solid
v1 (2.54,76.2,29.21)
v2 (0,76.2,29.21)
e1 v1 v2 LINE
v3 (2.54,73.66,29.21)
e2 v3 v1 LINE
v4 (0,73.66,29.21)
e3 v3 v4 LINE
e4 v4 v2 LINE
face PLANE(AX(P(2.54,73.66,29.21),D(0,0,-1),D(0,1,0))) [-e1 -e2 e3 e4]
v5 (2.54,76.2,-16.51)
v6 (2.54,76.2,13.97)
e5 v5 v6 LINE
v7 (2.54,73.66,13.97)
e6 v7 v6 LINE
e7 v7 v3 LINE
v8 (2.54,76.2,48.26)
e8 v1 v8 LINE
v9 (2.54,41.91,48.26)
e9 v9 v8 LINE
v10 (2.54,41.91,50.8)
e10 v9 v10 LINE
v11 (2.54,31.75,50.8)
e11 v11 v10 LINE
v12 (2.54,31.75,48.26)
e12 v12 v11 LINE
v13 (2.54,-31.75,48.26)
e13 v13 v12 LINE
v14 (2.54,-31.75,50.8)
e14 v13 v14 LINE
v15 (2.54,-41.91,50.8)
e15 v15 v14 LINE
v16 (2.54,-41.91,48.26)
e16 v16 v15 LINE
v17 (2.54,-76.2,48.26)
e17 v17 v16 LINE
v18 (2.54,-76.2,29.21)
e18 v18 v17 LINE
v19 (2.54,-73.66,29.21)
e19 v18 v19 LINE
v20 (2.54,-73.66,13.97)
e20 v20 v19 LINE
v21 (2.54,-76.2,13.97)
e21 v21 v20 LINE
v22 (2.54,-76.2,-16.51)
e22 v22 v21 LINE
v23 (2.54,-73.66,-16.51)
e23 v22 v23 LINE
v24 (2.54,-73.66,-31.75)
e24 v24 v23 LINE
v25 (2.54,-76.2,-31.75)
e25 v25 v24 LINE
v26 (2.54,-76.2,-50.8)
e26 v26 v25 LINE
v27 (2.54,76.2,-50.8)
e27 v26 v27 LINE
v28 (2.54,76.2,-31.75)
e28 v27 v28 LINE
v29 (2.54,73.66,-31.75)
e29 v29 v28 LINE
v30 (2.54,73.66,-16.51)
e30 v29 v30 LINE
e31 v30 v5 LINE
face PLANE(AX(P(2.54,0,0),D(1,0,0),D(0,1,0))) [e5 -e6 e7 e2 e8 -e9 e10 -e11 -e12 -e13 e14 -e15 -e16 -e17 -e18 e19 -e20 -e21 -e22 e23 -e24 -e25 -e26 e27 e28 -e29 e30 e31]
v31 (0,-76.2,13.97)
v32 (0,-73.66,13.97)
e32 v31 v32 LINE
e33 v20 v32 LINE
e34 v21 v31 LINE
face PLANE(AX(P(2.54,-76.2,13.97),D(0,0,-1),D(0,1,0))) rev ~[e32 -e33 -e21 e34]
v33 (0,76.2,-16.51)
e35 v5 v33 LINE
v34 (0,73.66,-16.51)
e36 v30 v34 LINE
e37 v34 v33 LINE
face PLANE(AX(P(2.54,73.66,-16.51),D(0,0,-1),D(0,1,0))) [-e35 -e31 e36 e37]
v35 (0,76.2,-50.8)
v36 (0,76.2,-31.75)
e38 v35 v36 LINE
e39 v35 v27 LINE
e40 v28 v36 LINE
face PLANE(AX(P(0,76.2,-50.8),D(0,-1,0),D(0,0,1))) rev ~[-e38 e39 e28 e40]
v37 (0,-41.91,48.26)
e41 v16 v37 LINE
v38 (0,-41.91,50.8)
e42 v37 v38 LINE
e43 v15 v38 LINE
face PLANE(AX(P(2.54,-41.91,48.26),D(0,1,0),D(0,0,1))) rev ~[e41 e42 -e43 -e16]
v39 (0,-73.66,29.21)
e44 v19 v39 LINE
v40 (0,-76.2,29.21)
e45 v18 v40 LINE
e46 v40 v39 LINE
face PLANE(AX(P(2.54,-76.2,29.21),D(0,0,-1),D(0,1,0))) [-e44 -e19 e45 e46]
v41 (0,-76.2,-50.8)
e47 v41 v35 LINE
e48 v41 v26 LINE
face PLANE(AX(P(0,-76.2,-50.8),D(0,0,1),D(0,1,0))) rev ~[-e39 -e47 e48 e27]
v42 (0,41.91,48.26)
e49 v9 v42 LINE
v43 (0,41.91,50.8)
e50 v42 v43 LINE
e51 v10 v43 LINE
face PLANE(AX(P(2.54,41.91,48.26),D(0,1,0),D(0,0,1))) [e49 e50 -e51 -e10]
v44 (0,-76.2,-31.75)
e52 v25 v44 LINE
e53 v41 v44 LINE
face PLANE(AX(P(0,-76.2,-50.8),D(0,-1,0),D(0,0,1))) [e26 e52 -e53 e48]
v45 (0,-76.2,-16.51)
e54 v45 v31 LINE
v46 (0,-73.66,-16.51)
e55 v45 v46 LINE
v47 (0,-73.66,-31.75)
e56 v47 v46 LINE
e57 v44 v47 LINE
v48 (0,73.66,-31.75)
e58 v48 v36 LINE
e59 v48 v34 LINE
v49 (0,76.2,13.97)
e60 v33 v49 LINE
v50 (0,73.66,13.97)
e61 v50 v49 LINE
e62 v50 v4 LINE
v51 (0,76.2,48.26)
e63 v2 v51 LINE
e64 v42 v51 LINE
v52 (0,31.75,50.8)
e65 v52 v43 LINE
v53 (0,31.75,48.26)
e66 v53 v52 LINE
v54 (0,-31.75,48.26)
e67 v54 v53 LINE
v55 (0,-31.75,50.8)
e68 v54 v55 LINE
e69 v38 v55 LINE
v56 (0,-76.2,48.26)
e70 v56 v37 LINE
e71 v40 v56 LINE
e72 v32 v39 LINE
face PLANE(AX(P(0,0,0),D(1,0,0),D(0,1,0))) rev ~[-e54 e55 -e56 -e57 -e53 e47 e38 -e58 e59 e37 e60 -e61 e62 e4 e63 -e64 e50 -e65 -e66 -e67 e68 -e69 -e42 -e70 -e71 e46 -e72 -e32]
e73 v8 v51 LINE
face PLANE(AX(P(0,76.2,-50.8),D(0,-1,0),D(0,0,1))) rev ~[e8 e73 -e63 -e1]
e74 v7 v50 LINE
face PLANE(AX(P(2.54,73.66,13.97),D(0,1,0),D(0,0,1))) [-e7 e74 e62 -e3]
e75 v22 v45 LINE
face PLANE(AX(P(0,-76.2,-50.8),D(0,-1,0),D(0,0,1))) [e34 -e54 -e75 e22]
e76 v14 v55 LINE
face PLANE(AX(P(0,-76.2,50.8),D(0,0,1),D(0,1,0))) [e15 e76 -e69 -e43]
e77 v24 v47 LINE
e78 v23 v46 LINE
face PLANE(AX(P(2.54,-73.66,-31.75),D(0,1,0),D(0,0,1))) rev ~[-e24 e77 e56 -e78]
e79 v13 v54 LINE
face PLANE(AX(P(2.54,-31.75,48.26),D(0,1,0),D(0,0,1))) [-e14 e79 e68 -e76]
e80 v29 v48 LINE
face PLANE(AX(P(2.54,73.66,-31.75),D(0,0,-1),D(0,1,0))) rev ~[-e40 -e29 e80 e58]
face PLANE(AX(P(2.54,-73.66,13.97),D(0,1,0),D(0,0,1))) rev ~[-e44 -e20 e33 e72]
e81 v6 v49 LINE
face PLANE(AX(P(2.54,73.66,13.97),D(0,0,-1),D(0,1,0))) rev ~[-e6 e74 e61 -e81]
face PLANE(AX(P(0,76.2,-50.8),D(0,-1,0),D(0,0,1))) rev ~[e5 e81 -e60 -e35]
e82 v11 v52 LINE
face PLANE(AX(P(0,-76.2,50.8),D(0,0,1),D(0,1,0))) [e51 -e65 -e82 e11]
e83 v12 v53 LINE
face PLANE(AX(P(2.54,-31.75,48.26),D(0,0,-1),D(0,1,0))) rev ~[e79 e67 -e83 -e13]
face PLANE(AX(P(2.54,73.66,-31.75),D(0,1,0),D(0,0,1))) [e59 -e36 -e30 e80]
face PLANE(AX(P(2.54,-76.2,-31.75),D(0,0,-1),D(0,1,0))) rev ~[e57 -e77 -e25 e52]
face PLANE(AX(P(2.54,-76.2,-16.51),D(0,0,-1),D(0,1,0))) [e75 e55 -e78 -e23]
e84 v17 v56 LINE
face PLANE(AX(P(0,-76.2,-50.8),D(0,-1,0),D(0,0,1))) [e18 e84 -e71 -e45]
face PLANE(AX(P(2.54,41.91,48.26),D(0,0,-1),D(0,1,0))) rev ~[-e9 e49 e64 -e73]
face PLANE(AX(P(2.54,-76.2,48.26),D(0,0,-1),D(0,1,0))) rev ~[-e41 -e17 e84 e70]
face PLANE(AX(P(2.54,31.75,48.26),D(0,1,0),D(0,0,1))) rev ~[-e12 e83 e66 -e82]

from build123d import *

# Parameters (mm, degrees)
F0_W     = 152.4
F0_H     = 101.6
F1_DEPTH = 2.54
F2_W     = 34.29
F2_H     = 2.54
F2_W_2   = 63.5
F3_DEPTH = 25.4
F4_W     = 2.54
F4_H     = 15.24
F5_DEPTH = 25.4
F6_W     = 2.54
F6_H     = 15.24
F7_DEPTH = 25.4


with BuildPart() as f1:
    # F0 (on Right) → F1 (new body)
    with BuildSketch(Plane.YZ):
        Rectangle(F0_W, F0_H)
    extrude(amount=F1_DEPTH)

    # F2 (on face) → F3 (cut)
    with BuildSketch(Plane.YZ.offset(2.54)):
        with Locations((-59.055, 49.53)):
            Rectangle(F2_W, F2_H)
        with Locations((0, 49.53)):
            Rectangle(F2_W_2, F2_H)
        with Locations((59.055, 49.53)):
            Rectangle(F2_W, F2_H)
    extrude(amount=-F3_DEPTH, mode=Mode.SUBTRACT)

    # F4 (on face) → F5 (cut)
    with BuildSketch(Plane.YZ.offset(2.54)):
        with Locations((74.93, 21.59)):
            Rectangle(F4_W, F4_H)
        with Locations((74.93, -24.13)):
            Rectangle(F4_W, F4_H)
    extrude(amount=-F5_DEPTH, mode=Mode.SUBTRACT)

    # F6 (on face) → F7 (cut)
    with BuildSketch(Plane.YZ.offset(2.54)):
        with Locations((-74.93, 21.59)):
            Rectangle(F6_W, F6_H)
        with Locations((-74.93, -24.13)):
            Rectangle(F6_W, F6_H)
    extrude(amount=-F7_DEPTH, mode=Mode.SUBTRACT)


solid = f1.part
